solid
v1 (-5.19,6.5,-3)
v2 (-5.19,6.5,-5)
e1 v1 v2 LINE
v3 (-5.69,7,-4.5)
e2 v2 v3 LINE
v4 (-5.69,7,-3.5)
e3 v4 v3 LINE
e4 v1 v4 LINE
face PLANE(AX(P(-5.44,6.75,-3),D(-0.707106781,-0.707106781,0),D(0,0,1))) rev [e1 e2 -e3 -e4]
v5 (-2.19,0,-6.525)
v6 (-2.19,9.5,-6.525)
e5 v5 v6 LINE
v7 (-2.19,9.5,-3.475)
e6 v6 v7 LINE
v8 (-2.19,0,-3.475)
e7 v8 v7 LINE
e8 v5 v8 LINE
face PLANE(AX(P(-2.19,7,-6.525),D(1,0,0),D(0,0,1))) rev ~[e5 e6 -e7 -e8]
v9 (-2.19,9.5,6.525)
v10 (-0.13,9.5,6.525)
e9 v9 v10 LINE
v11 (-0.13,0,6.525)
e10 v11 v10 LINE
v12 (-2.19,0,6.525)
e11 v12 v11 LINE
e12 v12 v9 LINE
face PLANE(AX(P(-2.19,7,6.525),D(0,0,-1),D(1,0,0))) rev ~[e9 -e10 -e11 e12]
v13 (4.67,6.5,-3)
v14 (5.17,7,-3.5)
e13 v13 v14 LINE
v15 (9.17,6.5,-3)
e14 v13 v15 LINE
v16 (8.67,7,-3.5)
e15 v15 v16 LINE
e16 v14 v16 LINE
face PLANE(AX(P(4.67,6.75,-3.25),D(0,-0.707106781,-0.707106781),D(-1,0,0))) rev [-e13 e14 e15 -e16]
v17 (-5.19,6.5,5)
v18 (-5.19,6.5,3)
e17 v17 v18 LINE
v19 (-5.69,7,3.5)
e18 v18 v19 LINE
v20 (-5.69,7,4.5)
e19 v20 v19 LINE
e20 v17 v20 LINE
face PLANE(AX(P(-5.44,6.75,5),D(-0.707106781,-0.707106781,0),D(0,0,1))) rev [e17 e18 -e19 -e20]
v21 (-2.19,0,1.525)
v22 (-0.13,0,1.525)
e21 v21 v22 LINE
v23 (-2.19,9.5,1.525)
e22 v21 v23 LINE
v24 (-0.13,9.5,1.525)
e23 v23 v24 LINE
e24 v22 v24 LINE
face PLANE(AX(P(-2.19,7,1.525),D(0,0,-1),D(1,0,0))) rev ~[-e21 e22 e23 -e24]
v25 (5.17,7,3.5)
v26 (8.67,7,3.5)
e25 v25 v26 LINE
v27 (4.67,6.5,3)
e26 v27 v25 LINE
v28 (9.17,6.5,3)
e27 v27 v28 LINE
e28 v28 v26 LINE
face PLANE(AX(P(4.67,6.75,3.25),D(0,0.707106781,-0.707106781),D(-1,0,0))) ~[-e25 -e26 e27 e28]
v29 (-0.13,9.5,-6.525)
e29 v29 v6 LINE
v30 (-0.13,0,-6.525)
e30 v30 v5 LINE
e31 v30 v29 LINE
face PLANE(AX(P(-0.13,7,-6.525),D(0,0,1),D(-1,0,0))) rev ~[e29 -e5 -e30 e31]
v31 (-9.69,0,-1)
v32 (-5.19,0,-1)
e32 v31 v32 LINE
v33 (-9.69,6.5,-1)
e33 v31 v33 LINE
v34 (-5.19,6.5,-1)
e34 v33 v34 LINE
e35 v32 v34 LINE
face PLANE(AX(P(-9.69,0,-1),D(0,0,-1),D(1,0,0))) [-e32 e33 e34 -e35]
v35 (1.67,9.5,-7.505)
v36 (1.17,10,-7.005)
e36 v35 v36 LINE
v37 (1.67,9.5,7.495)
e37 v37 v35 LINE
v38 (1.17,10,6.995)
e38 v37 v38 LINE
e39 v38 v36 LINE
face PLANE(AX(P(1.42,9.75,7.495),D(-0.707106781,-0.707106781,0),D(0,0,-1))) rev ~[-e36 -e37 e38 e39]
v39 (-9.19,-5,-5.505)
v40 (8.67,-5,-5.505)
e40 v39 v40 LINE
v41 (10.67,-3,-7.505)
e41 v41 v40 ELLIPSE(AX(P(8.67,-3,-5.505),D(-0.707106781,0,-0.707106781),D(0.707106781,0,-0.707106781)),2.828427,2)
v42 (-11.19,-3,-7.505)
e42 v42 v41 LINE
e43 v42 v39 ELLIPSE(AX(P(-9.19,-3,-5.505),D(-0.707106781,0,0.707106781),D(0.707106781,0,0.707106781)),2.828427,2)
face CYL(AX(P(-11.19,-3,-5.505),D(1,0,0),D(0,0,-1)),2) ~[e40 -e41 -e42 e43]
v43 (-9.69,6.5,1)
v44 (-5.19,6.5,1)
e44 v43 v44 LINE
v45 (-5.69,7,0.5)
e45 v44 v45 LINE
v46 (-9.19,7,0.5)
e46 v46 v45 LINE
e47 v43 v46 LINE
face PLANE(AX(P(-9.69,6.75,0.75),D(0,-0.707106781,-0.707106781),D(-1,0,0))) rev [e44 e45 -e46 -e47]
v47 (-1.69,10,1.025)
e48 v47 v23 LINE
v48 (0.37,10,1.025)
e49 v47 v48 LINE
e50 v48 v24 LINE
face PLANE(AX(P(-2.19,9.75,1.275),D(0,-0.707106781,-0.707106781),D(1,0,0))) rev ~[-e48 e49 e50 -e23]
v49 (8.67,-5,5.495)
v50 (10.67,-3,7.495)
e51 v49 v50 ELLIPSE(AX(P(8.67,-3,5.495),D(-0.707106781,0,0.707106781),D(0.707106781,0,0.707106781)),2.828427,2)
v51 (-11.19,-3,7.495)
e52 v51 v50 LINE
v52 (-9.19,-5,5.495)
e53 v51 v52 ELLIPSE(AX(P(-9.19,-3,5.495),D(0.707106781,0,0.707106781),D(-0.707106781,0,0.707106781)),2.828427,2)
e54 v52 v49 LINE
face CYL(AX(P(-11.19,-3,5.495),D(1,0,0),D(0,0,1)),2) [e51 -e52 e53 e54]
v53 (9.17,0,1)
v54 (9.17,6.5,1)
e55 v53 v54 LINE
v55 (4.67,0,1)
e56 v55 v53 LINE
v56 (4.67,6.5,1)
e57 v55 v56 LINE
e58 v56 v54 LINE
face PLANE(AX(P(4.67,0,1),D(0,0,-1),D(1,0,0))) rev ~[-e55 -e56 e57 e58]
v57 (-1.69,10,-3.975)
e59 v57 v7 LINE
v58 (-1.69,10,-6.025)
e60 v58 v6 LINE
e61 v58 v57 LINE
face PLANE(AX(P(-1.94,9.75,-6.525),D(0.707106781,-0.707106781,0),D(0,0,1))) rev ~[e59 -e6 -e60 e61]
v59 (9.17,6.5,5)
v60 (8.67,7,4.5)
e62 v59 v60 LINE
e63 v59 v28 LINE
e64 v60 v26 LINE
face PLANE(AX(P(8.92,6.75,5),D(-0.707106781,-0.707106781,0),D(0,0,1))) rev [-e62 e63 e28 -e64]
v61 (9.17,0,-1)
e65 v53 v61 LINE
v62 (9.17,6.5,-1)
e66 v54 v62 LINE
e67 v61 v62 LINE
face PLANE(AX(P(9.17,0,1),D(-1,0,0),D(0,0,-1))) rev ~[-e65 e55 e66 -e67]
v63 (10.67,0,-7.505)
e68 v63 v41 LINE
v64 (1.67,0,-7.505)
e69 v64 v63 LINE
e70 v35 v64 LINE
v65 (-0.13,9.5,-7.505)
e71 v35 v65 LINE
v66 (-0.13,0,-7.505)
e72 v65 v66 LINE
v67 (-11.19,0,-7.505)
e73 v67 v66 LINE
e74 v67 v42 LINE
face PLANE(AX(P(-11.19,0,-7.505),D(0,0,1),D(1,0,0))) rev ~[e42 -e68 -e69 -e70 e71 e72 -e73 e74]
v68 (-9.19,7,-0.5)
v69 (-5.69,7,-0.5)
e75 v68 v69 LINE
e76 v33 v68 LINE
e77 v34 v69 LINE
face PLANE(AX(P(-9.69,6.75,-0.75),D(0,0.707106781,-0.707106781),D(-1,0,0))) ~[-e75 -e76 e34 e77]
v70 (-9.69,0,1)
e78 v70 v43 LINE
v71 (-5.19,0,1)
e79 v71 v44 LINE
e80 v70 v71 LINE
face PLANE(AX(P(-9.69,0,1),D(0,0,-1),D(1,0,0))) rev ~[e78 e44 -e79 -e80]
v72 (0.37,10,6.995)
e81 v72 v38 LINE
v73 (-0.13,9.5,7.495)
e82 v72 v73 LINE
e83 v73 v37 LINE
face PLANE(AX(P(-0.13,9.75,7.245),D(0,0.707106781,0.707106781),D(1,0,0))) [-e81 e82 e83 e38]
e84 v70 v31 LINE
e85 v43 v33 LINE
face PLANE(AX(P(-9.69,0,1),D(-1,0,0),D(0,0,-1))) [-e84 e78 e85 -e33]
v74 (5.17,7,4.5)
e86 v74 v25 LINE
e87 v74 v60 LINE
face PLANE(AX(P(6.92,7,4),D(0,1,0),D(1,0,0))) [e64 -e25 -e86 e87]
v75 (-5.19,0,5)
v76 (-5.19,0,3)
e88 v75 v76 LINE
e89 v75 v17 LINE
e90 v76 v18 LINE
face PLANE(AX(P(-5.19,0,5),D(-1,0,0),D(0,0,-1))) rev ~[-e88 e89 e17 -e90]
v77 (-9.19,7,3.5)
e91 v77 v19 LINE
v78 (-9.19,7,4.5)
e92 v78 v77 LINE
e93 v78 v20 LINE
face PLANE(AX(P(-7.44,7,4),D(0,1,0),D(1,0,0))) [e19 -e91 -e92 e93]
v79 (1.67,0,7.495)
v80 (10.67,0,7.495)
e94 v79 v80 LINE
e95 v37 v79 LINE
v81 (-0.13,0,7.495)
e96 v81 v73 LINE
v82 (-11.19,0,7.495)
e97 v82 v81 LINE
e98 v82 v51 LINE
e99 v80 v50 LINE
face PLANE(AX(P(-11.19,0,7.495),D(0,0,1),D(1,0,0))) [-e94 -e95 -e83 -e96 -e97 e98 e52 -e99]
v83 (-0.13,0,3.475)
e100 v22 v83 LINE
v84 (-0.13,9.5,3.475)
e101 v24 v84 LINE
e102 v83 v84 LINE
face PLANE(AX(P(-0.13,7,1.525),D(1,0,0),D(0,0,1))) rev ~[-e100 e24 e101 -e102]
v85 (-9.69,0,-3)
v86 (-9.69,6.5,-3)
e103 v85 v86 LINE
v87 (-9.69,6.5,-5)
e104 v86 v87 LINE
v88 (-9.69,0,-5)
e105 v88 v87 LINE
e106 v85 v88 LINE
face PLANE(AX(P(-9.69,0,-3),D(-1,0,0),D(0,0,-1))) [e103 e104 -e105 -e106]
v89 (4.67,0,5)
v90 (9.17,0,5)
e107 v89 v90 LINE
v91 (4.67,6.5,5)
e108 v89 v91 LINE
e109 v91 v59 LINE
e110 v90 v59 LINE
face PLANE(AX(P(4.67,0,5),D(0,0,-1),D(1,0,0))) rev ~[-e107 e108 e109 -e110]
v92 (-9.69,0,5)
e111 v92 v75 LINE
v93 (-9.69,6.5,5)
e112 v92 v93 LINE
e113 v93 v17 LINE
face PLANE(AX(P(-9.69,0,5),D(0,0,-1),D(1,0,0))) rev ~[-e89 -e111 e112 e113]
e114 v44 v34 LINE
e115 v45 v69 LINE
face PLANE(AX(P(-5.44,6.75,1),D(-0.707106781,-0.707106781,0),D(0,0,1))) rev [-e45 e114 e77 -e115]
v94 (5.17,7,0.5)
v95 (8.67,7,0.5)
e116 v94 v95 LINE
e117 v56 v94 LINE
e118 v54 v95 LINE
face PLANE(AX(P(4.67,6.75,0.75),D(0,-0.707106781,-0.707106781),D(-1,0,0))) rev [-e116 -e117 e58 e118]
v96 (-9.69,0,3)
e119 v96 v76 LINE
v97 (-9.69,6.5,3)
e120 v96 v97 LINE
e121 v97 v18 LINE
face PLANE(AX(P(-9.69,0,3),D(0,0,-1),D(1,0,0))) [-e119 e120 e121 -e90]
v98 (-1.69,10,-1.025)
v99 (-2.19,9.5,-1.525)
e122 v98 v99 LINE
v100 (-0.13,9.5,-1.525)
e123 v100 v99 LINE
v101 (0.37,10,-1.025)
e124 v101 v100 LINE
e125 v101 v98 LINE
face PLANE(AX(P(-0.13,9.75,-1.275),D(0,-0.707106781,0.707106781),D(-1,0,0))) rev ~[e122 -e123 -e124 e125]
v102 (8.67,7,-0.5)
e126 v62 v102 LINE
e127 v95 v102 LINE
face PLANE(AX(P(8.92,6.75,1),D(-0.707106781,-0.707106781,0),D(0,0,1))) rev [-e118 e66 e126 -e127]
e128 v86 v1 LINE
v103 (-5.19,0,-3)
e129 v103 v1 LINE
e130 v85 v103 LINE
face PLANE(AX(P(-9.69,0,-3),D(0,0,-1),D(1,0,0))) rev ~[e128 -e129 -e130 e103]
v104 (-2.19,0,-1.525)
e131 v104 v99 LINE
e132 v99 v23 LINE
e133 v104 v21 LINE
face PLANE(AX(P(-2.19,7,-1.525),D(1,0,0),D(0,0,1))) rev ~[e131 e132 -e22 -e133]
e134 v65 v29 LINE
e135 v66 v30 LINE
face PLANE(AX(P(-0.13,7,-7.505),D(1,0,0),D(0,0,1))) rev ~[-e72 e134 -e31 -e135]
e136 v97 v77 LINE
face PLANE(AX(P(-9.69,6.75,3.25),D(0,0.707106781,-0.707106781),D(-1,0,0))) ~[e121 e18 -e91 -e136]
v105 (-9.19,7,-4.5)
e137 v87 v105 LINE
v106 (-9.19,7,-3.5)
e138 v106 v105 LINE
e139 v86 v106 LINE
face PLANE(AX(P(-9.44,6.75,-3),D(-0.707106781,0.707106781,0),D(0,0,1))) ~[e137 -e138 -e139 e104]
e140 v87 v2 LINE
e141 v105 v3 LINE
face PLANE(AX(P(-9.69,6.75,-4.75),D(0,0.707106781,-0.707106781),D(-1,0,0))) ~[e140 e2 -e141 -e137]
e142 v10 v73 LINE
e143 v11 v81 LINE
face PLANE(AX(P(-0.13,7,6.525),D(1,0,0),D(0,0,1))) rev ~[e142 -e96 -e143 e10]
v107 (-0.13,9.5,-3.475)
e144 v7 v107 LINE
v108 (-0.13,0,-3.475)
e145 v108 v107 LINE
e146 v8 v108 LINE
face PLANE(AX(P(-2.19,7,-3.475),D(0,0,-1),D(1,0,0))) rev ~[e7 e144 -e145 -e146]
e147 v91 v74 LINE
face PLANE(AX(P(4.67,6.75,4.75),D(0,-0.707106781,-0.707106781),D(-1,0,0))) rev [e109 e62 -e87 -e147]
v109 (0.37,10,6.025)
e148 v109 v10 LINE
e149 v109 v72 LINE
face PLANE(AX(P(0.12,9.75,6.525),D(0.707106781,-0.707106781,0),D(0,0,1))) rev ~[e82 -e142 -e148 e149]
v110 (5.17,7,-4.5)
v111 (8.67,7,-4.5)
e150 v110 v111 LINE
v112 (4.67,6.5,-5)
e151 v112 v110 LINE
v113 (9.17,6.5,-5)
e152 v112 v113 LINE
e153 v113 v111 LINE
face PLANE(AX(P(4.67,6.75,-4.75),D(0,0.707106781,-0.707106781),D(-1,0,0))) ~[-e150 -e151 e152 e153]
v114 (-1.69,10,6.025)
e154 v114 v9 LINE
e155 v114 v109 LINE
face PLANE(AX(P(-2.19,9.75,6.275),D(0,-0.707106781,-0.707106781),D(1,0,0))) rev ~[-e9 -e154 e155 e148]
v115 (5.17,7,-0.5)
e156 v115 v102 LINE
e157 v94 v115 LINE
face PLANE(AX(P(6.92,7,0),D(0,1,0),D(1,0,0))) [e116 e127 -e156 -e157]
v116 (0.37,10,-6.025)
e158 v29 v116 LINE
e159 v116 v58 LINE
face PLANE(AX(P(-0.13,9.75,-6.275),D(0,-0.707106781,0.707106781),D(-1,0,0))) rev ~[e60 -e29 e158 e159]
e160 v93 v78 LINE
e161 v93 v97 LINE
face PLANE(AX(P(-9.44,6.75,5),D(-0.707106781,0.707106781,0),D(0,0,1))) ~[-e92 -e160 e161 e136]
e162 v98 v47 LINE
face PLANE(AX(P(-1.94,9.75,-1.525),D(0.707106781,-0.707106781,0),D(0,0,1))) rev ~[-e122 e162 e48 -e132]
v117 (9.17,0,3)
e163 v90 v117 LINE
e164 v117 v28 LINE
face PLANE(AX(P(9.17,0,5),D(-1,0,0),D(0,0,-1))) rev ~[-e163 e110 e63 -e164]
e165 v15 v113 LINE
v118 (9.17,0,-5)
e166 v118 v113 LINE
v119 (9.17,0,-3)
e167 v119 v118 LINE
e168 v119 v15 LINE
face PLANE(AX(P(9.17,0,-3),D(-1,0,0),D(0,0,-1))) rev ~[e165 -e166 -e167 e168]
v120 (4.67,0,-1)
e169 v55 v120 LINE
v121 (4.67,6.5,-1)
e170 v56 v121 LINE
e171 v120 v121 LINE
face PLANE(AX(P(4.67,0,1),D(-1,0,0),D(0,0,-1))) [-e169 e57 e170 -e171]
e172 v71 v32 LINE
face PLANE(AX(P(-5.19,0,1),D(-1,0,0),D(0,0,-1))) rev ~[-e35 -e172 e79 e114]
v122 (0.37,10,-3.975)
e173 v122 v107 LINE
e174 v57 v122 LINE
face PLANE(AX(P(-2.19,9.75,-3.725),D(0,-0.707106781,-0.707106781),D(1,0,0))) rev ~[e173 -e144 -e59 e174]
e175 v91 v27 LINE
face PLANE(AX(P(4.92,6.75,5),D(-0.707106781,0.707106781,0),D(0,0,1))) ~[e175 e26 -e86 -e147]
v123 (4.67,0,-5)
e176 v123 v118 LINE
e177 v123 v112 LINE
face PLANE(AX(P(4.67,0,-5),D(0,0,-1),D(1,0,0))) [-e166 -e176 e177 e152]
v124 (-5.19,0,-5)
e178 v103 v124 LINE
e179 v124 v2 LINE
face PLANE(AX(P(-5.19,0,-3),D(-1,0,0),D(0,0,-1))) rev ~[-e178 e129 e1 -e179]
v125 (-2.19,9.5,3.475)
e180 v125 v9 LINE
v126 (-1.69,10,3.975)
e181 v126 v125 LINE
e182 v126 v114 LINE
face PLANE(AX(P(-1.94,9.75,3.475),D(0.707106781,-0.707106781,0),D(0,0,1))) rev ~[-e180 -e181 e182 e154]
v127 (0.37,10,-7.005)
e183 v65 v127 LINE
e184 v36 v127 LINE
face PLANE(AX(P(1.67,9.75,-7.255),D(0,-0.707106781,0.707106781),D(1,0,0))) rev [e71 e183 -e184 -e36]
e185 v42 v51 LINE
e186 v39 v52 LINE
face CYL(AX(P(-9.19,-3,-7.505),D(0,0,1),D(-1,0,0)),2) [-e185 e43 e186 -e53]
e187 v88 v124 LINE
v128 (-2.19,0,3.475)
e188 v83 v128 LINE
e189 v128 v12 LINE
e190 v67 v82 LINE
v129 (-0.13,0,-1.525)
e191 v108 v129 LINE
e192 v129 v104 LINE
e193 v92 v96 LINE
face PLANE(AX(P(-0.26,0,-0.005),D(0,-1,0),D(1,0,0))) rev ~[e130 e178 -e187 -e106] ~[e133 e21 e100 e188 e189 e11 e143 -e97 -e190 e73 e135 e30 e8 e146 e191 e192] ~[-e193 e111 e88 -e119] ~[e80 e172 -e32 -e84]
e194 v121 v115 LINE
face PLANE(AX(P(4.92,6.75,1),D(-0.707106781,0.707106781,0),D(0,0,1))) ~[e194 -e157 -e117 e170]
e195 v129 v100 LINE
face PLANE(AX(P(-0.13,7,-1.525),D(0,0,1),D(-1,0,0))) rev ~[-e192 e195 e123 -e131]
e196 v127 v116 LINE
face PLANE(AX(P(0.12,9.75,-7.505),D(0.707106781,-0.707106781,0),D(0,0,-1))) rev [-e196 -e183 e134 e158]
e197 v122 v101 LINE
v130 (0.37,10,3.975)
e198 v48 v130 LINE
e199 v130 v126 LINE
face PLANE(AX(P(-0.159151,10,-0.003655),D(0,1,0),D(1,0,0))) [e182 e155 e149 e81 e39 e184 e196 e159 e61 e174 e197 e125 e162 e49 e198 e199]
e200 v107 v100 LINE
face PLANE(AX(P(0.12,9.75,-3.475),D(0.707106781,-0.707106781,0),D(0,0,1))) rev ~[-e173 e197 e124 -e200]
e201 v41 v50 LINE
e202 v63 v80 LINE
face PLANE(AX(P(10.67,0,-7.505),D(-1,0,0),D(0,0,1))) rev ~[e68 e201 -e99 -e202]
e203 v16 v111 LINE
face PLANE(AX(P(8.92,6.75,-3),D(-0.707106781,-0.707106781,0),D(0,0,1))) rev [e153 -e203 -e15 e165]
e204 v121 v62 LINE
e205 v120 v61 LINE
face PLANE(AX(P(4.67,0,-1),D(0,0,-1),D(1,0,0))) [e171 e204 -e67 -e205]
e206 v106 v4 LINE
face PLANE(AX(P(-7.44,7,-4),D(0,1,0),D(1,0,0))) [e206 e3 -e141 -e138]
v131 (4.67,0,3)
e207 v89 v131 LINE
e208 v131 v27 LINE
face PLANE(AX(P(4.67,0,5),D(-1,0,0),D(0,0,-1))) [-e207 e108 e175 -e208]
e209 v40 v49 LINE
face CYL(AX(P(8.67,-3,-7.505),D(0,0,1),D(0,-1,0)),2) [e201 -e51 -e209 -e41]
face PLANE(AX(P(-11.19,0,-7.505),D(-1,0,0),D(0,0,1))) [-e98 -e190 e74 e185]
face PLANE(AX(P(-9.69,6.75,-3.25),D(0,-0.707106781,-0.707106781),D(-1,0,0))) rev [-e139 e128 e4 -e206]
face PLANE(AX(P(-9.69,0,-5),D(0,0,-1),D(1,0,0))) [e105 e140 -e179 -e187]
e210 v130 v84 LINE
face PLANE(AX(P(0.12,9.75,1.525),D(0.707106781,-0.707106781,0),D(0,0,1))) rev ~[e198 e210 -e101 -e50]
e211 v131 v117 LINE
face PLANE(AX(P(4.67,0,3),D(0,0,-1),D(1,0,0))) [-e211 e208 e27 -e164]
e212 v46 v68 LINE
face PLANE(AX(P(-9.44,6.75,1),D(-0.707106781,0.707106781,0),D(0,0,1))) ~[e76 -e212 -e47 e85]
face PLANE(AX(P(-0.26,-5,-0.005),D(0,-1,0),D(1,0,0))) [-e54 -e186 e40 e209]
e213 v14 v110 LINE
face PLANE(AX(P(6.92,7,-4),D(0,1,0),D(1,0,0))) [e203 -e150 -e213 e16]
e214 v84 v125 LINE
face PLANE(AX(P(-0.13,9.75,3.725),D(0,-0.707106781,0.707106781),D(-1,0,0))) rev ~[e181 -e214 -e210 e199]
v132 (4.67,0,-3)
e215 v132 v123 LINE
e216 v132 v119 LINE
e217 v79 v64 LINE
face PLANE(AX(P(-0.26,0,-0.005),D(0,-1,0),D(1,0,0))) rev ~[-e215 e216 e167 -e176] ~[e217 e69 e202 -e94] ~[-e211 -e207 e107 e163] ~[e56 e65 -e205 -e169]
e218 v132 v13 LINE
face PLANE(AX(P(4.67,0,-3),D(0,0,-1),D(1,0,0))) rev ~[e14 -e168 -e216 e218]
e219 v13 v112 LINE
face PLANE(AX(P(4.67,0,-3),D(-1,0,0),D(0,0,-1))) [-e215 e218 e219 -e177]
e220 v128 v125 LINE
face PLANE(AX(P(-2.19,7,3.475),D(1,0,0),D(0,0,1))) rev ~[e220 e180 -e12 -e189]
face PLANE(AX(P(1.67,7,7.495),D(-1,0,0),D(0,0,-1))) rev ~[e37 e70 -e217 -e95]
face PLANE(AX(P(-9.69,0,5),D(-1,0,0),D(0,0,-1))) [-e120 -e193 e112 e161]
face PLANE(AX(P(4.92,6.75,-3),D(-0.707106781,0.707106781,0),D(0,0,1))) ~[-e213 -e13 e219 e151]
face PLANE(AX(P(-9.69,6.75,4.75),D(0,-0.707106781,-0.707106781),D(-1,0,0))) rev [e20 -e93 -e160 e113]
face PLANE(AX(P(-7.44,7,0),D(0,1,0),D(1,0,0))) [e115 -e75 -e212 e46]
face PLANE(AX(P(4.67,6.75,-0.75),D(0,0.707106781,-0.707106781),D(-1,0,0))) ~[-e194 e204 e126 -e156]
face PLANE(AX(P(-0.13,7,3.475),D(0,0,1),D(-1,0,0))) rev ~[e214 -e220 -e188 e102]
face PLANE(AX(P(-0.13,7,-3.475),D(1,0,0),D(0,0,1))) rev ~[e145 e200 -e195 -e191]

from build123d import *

# Parameters (mm, degrees)
EXTRUDE_1_DEPTH   = 7
SKETCH_1_W        = 4.5
SKETCH_1_H        = 2
EXTRUDE_1_2_DEPTH = 7
EXTRUDE_1_3_DEPTH = 7
EXTRUDE_1_4_DEPTH = 7
EXTRUDE_1_5_DEPTH = 7
EXTRUDE_1_6_DEPTH = 7
EXTRUDE_1_7_DEPTH = 7
EXTRUDE_2_DEPTH   = 3
SKETCH_3_W        = 21.86
SKETCH_3_H        = 15
EXTRUDE_3_DEPTH   = 5
FILLET_1_R        = 2
CHAMFER_1_SIZE    = 0.5


with BuildPart() as part:
    # 草图1 → 凸台-拉伸1 (new body)
    with BuildSketch(Plane(origin=(0, 0, 0), x_dir=(1, 0, 0), z_dir=(0, 1, 0))):
        Polygon((-0.13, 3.475), (-0.13, 1.525), (-2.19, 1.525), (-2.19, -1.525), (-0.13, -1.525), (-0.13, -3.475), (-2.19, -3.475), (-2.19, -6.525), (-0.13, -6.525), (-0.13, -7.495), (1.67, -7.495), (1.67, 7.505), (-0.13, 7.505), (-0.13, 6.525), (-2.19, 6.525), (-2.19, 3.475), align=None)
    extrude(amount=EXTRUDE_1_DEPTH)

    # 草图2 → 凸台-拉伸2 (add)
    with BuildSketch(Plane(origin=(0, 7, 0), x_dir=(1, 0, 0), z_dir=(0, 1, 0))):
        Polygon((-0.13, 7.505), (-0.13, 6.525), (-2.19, 6.525), (-2.19, 3.475), (-0.13, 3.475), (-0.13, 1.525), (-2.19, 1.525), (-2.19, -1.525), (-0.13, -1.525), (-0.13, -3.475), (-2.19, -3.475), (-2.19, -6.525), (-0.13, -6.525), (-0.13, -7.495), (1.67, -7.495), (1.67, 7.505), align=None)
    extrude(amount=EXTRUDE_2_DEPTH)



with BuildPart() as body_2:
    # 草图1 → Extrude 1 2 (new body)
    with BuildSketch(Plane(origin=(0, 0, 0), x_dir=(1, 0, 0), z_dir=(0, 1, 0))):
        with Locations((-7.44, 4)):
            Rectangle(SKETCH_1_W, SKETCH_1_H)
    extrude(amount=EXTRUDE_1_2_DEPTH)


with BuildPart() as body_3:
    # 草图1 → Extrude 1 3 (new body)
    with BuildSketch(Plane(origin=(0, 0, 0), x_dir=(1, 0, 0), z_dir=(0, 1, 0))):
        with Locations((-7.44, 0)):
            Rectangle(SKETCH_1_W, SKETCH_1_H)
    extrude(amount=EXTRUDE_1_3_DEPTH)


with BuildPart() as body_4:
    # 草图1 → Extrude 1 4 (new body)
    with BuildSketch(Plane(origin=(0, 0, 0), x_dir=(1, 0, 0), z_dir=(0, 1, 0))):
        with Locations((-7.44, -4)):
            Rectangle(SKETCH_1_W, SKETCH_1_H)
    extrude(amount=EXTRUDE_1_4_DEPTH)


with BuildPart() as body_5:
    # 草图1 → Extrude 1 5 (new body)
    with BuildSketch(Plane(origin=(0, 0, 0), x_dir=(1, 0, 0), z_dir=(0, 1, 0))):
        with Locations((6.92, 4)):
            Rectangle(SKETCH_1_W, SKETCH_1_H)
    extrude(amount=EXTRUDE_1_5_DEPTH)


with BuildPart() as body_6:
    # 草图1 → Extrude 1 6 (new body)
    with BuildSketch(Plane(origin=(0, 0, 0), x_dir=(1, 0, 0), z_dir=(0, 1, 0))):
        with Locations((6.92, 0)):
            Rectangle(SKETCH_1_W, SKETCH_1_H)
    extrude(amount=EXTRUDE_1_6_DEPTH)


with BuildPart() as body_7:
    # 草图1 → Extrude 1 7 (new body)
    with BuildSketch(Plane(origin=(0, 0, 0), x_dir=(1, 0, 0), z_dir=(0, 1, 0))):
        with Locations((6.92, -4)):
            Rectangle(SKETCH_1_W, SKETCH_1_H)
    extrude(amount=EXTRUDE_1_7_DEPTH)


with BuildPart() as part_1:
    add(part.part)

    add(body_2.part)  # 凸台-拉伸3 merges body 2

    add(body_3.part)  # 凸台-拉伸3 merges body 3

    add(body_4.part)  # 凸台-拉伸3 merges body 4

    add(body_5.part)  # 凸台-拉伸3 merges body 5

    add(body_6.part)  # 凸台-拉伸3 merges body 6

    add(body_7.part)  # 凸台-拉伸3 merges body 7
    # 草图3 → 凸台-拉伸3 (add)
    with BuildSketch(Plane.XZ):
        with Locations((-0.26, -0.005)):
            Rectangle(SKETCH_3_W, SKETCH_3_H)
    extrude(amount=EXTRUDE_3_DEPTH)

    # 圆角1
    fillet_1_edges = [part_1.edges().sort_by_distance(p)[0] for p in [
        (-11.19, -5, -0.005),
        (-0.26, -5, -7.505),
        (10.67, -5, -0.005),
        (-0.26, -5, 7.495),
    ]]
    fillet(fillet_1_edges, radius=FILLET_1_R)

    # 倒角1
    chamfer_1_edges = [part_1.edges().sort_by_distance(p)[0] for p in [
        (-5.19, 7, -4),
        (-7.44, 7, -5),
        (-9.69, 7, 0),
        (-7.44, 7, 1),
        (-5.19, 7, 0),
        (-7.44, 7, -1),
        (-9.69, 7, 4),
        (-7.44, 7, 5),
        (-5.19, 7, 4),
        (-7.44, 7, 3),
        (-9.69, 7, -4),
        (4.67, 7, -4),
        (6.92, 7, -3),
        (9.17, 7, -4),
        (6.92, 7, -5),
        (4.67, 7, 0),
        (6.92, 7, 1),
        (9.17, 7, 0),
        (6.92, 7, -1),
        (9.17, 7, 4),
        (6.92, 7, 3),
        (4.67, 7, 4),
        (6.92, 7, 5),
        (-7.44, 7, -3),
        (0.77, 10, -7.505),
        (-0.13, 10, -7.015),
        (-1.16, 10, -6.525),
        (-2.19, 10, -5),
        (-1.16, 10, -3.475),
        (-0.13, 10, -2.5),
        (-1.16, 10, -1.525),
        (-2.19, 10, 0),
        (-1.16, 10, 1.525),
        (-0.13, 10, 2.5),
        (-1.16, 10, 3.475),
        (-2.19, 10, 5),
        (-1.16, 10, 6.525),
        (-0.13, 10, 7.01),
        (0.77, 10, 7.495),
        (1.67, 10, -0.005),
    ]]
    chamfer(chamfer_1_edges, length=CHAMFER_1_SIZE)


solid = part_1.part
